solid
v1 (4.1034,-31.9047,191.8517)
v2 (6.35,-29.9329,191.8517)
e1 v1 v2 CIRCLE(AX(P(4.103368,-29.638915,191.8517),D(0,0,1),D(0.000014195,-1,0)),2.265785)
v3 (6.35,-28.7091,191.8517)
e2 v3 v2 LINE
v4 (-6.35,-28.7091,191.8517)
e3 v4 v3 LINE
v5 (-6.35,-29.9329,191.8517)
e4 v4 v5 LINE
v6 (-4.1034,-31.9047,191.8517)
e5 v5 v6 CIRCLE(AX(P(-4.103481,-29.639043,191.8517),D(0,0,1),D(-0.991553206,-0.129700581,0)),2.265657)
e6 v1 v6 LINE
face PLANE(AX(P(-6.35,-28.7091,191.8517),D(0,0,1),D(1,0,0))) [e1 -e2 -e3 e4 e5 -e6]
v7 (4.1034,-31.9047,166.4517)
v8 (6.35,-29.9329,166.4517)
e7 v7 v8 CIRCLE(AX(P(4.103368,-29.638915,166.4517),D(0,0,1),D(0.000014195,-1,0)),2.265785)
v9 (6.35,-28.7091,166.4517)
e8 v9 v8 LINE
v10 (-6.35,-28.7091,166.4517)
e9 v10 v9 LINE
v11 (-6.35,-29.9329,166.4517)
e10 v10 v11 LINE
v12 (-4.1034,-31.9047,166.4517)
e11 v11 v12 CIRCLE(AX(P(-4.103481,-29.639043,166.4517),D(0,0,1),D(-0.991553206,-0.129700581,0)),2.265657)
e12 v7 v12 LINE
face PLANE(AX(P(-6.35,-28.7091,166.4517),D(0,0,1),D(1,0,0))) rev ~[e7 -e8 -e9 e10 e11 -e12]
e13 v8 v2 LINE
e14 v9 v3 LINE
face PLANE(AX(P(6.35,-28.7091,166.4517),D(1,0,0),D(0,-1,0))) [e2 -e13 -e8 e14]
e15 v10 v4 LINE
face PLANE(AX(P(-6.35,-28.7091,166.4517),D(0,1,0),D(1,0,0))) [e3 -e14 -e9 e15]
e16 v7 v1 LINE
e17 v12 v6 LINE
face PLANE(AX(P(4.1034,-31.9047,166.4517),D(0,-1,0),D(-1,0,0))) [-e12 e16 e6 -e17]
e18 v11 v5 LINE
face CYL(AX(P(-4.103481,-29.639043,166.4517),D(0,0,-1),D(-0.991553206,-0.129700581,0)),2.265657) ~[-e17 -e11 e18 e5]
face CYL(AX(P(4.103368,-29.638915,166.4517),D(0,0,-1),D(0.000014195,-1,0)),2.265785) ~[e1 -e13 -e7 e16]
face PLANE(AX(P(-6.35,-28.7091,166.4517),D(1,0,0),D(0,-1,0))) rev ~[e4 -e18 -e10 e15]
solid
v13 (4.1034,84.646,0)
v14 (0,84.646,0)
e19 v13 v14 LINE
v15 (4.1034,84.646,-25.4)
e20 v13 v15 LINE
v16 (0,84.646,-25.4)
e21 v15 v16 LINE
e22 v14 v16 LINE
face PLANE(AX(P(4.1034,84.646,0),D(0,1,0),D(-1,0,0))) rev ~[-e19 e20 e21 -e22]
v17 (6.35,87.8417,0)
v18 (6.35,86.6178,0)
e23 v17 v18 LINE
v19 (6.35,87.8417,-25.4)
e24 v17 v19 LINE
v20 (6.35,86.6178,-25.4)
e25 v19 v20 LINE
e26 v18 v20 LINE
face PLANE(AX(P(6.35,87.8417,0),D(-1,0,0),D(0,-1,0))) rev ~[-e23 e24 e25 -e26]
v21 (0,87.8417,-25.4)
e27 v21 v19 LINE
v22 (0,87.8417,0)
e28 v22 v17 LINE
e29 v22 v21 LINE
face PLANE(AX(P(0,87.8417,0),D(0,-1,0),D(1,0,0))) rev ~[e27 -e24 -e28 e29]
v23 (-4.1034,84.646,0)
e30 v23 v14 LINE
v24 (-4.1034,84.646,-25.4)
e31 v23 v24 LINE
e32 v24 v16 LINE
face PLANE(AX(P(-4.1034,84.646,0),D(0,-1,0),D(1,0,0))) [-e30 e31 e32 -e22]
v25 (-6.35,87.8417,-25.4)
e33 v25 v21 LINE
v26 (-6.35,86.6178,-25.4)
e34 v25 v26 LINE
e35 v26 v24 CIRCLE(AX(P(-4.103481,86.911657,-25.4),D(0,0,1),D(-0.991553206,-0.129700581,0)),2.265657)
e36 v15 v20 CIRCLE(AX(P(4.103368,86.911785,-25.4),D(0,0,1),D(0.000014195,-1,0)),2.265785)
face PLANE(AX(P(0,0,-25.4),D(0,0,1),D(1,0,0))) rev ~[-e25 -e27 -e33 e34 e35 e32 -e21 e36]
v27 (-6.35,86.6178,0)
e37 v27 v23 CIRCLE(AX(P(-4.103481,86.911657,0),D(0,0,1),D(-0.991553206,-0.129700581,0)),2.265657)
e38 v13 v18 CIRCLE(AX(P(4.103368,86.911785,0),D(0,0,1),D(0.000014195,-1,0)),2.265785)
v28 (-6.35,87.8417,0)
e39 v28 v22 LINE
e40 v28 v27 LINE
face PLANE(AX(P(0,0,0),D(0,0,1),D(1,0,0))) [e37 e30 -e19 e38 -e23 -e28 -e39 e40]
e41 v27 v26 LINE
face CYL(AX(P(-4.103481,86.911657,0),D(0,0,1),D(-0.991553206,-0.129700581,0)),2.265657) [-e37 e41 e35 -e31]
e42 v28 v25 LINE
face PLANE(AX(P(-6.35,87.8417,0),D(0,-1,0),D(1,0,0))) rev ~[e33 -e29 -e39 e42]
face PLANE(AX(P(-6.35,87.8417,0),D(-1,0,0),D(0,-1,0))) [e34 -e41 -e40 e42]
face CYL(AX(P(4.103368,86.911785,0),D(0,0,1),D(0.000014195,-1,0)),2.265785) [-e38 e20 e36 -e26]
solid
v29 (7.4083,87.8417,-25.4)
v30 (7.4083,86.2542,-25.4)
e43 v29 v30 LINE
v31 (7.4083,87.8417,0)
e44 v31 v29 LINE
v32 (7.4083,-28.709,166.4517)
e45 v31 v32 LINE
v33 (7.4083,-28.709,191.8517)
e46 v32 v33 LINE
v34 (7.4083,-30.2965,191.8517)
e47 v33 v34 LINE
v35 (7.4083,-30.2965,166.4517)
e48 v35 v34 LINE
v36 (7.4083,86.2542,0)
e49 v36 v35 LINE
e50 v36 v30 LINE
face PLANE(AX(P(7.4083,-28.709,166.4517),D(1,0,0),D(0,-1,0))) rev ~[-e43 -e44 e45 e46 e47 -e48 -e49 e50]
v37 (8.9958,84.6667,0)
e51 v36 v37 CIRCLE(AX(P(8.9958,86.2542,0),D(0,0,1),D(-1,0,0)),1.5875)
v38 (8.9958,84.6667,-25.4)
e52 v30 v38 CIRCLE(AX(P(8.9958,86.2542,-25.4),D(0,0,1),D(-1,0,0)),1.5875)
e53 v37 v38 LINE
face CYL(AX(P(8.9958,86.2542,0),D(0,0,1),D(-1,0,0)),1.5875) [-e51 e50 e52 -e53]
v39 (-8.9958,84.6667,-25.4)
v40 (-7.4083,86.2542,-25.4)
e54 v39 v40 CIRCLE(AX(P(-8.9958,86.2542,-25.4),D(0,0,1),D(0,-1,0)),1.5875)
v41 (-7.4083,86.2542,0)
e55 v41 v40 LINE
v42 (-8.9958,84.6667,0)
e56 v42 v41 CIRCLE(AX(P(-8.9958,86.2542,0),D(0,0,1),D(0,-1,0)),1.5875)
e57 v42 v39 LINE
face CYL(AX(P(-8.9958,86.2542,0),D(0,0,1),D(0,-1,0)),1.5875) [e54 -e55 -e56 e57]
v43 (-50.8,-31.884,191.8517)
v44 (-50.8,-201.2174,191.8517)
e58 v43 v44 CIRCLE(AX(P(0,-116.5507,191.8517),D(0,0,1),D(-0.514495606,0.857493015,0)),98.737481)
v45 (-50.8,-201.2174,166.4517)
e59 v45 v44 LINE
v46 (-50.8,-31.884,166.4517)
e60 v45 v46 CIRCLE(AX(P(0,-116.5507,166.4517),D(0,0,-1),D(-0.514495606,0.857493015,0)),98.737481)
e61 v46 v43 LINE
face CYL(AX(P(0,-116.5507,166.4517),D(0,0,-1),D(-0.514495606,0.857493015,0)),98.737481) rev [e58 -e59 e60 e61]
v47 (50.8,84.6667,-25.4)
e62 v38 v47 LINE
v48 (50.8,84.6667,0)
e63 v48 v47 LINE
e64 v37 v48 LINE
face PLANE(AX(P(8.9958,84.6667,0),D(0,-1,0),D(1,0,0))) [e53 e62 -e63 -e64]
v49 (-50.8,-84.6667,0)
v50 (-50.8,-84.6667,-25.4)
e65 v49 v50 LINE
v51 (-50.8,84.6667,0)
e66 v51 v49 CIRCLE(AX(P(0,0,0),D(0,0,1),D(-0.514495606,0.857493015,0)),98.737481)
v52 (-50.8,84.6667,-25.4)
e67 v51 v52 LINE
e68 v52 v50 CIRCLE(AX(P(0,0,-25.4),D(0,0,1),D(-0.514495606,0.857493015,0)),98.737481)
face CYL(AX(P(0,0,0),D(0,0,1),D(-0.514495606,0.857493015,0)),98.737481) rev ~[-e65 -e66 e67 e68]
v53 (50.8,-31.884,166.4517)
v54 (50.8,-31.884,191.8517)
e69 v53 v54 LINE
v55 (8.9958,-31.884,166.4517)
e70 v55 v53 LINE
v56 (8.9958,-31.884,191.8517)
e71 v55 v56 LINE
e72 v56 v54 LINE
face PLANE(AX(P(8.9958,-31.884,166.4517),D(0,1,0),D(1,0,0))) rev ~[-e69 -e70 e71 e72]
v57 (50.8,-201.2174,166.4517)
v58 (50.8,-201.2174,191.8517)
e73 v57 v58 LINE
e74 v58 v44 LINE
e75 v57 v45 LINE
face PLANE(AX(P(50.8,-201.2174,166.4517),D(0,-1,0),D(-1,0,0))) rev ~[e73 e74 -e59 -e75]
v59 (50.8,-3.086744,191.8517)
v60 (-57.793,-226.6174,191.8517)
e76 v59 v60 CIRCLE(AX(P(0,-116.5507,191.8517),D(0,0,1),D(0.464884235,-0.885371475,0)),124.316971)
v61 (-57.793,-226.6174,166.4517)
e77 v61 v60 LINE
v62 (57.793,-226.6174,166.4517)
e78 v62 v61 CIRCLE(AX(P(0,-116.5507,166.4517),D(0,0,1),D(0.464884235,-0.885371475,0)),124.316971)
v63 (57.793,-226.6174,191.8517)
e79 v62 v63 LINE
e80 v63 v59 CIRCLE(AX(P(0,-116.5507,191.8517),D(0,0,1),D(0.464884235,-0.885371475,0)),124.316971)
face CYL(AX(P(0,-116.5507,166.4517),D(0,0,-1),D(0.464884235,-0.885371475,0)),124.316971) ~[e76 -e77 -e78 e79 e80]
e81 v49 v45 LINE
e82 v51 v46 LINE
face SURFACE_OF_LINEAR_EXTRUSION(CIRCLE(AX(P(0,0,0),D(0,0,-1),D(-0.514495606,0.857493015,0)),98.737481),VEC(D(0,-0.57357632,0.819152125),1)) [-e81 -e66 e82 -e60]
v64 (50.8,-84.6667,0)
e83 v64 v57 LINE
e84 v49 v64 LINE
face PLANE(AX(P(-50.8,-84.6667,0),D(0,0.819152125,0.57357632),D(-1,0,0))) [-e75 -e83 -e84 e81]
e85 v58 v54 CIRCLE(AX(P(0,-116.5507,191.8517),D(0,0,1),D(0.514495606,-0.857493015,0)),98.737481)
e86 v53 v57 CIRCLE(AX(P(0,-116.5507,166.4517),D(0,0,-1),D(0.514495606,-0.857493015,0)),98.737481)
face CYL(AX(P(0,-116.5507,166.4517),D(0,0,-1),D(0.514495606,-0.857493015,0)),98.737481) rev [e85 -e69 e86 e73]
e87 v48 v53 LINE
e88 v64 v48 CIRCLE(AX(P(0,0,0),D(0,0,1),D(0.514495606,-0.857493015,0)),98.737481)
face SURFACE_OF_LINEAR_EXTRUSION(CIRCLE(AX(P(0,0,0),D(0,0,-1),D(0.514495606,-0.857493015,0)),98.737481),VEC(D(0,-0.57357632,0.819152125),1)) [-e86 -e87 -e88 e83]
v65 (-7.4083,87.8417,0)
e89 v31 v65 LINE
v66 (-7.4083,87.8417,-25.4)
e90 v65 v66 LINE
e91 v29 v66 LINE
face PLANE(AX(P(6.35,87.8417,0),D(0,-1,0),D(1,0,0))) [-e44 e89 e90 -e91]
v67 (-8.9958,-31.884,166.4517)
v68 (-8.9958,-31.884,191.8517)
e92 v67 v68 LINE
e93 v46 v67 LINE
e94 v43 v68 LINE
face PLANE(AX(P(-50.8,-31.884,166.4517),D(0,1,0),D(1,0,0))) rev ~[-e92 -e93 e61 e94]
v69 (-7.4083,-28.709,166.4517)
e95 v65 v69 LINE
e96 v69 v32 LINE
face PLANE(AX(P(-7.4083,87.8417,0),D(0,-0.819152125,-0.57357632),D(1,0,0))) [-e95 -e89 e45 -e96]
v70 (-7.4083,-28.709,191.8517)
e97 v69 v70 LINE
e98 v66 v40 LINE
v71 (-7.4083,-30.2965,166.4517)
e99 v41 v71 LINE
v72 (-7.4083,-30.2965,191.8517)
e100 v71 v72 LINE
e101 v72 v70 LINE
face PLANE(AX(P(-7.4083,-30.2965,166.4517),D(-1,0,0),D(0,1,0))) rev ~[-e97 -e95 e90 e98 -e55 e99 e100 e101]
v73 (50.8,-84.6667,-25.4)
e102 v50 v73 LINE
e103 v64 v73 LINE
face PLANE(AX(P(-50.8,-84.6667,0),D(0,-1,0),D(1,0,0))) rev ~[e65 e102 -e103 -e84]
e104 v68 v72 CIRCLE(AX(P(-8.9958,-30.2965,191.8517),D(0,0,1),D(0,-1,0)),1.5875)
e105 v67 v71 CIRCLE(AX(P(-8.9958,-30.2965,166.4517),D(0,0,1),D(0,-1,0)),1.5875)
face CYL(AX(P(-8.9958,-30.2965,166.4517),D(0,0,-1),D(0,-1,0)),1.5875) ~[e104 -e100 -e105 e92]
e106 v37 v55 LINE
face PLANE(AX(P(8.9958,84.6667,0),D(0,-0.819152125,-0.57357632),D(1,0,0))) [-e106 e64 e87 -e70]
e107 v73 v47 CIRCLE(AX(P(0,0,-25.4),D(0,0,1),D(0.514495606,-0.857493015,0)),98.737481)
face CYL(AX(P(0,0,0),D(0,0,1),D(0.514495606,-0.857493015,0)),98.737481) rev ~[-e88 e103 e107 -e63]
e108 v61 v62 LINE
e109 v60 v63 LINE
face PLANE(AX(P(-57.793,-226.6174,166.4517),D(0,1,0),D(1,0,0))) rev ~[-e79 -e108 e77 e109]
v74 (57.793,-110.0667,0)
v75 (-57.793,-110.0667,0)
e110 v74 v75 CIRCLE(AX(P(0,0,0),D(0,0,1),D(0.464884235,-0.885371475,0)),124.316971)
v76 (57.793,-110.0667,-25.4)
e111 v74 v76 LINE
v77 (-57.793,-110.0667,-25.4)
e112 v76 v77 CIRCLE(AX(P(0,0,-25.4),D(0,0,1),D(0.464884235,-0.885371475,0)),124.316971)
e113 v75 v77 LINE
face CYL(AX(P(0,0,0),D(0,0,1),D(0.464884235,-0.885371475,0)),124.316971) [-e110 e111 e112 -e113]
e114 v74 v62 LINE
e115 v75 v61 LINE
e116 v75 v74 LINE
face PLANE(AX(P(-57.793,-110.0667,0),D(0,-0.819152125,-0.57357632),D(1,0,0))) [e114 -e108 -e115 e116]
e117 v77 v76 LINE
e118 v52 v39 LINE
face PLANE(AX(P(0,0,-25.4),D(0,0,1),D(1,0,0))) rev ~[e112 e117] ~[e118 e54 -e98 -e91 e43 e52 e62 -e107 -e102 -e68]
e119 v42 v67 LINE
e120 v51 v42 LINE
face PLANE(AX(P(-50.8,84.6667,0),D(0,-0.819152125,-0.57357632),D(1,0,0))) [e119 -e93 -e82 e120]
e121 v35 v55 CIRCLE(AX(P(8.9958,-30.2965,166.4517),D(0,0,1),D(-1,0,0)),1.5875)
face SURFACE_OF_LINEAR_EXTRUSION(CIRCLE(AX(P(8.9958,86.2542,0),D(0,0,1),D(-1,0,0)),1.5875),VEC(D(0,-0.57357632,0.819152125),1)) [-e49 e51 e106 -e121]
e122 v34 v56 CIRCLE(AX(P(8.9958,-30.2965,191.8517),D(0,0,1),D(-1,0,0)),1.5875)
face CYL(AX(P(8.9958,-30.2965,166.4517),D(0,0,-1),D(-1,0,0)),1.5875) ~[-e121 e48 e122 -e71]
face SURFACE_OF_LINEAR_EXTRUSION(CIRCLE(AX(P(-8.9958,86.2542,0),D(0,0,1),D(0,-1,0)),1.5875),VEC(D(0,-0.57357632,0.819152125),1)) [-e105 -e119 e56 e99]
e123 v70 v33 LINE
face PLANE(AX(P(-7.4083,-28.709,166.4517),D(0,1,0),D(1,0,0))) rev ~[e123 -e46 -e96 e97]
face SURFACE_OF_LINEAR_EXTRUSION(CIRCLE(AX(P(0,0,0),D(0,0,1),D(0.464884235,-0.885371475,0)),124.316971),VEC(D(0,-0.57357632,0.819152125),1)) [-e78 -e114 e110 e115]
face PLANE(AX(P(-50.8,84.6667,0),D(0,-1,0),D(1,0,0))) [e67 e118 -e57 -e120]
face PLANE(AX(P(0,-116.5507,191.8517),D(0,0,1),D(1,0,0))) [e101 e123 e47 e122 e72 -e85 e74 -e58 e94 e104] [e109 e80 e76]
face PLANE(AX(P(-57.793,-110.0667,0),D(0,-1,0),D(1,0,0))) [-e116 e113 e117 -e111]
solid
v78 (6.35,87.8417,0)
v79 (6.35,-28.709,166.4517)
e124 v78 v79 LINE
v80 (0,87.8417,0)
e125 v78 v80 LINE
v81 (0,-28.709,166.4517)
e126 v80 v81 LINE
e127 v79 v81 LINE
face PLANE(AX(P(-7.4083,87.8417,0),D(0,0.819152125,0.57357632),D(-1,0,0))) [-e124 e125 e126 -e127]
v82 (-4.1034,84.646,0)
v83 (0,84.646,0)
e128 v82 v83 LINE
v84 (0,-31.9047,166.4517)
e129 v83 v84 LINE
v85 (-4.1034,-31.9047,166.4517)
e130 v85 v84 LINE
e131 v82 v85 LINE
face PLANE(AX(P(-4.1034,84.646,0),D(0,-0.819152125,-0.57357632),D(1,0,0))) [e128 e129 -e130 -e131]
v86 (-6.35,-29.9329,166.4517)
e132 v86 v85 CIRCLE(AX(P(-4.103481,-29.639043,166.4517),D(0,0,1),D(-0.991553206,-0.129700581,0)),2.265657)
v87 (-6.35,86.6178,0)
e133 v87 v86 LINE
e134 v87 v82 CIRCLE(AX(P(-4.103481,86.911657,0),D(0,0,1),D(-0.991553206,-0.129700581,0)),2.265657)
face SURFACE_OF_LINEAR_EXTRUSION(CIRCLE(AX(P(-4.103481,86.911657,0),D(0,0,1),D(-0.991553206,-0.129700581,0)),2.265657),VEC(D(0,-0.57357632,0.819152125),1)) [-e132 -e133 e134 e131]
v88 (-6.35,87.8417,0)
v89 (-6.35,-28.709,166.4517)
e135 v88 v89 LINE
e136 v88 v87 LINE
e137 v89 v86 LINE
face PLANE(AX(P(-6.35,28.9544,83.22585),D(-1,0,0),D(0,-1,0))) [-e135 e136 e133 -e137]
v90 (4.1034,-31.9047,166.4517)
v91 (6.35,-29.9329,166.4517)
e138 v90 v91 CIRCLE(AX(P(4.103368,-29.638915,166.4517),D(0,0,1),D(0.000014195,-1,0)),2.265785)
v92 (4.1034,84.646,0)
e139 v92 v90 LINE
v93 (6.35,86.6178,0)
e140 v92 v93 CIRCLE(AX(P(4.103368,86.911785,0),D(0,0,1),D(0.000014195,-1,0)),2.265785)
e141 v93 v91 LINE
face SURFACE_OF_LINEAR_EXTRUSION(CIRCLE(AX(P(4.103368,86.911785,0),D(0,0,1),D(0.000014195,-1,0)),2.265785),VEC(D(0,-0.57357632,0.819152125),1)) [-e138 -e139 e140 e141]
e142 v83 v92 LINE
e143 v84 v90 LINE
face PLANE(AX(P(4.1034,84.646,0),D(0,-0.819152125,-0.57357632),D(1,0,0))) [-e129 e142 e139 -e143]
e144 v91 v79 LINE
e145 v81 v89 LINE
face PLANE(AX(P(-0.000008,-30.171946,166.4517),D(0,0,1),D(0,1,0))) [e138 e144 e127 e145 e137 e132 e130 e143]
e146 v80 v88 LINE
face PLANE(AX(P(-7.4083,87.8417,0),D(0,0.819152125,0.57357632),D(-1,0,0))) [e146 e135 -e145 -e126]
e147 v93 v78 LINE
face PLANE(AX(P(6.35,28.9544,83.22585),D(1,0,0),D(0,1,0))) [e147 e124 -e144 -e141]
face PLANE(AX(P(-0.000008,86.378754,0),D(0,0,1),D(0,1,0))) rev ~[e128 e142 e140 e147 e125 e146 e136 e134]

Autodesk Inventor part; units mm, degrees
ref_plane "YZ Plane" through (0, 0, 0) normal (1, 0, 0) x (0, 1, 0)
ref_plane "XZ Plane" through (0, 0, 0) normal (0, 1, 0) x (-1, 0, 0)
sketch "Sketch1" plane through (0, 0, 0) normal (0, 0, 1) x (1, 0, 0)
  line L0 (-50.8, -84.6667) -> (50.8, -84.6667)
  arc A0 (57.793, -110.0667) -> (-57.793, -110.0667) centre (0, 0) ccw
  arc A1 (-50.8, 84.6667) -> (-50.8, -84.6667) centre (0, 0) ccw
  arc A2 (50.8, -84.6667) -> (50.8, 84.6667) centre (0, 0) ccw
  line L1 (-57.793, -110.0667) -> (57.793, -110.0667)
  line L2 (0, 84.6667) -> (0, 87.8417) construction
  line L3 (-7.4083, 87.8417) -> (7.4083, 87.8417)
  line L4 (-7.4083, 87.8417) -> (-7.4083, 86.2542)
  line L5 (7.4083, 87.8417) -> (7.4083, 86.2542)
  line L6 (0, 84.6667) -> (8.9958, 84.6667) construction
  arc A3 (7.4083, 86.2542) -> (8.9958, 84.6667) centre (8.9958, 86.2542) ccw
  arc A4 (-8.9958, 84.6667) -> (-7.4083, 86.2542) centre (-8.9958, 86.2542) ccw
  line L7 (-50.8, 84.6667) -> (-8.9958, 84.6667)
  line L8 (8.9958, 84.6667) -> (50.8, 84.6667)
  line L9 (0, 84.6667) -> (-8.9958, 84.6667) construction
  line L10 (-6.35, 87.8417) -> (0, 87.8417)
  line L11 (7.4083, 87.8417) -> (-7.4083, 87.8417)
  line L12 (-6.35, 87.8417) -> (-6.35, 86.6178)
  line L13 (-4.1034, 84.646) -> (0, 84.646)
  line L14 (0, 84.646) -> (0, 87.8417) construction
  line L15 (-6.3485, 84.6667) -> (-3.1743, 87.8409) construction
  arc A5 (-3.1736, 84.646) -> (-6.35, 87.8417) centre (-6.3485, 84.6667) ccw construction
  arc A6 (-6.35, 86.6178) -> (-4.1034, 84.646) centre (-4.1034, 86.9117) ccw
  line L16 (6.35, 87.8417) -> (0, 87.8417)
  line L17 (6.35, 87.8417) -> (6.35, 86.6178)
  line L18 (4.1034, 84.646) -> (0, 84.646)
  line L19 (6.3485, 84.6667) -> (3.1743, 87.8409) construction
  arc A7 (6.35, 87.8417) -> (3.1736, 84.646) centre (6.3485, 84.6667) ccw construction
  arc A8 (4.1034, 84.646) -> (6.35, 86.6178) centre (4.1034, 86.9117) ccw
  line L20 (6.35, 87.8417) -> (-6.35, 87.8417)
  dimension "d1" = 101.6
  dimension "d2" = 25.4
  dimension "d34" = 14.8167
  dimension "d35" = 1.5875
  dimension "d36" = 1.5875
  dimension "d38" = 6.35
  dimension "d39" = 3.175
  dimension "d40" = 45
  dimension "d41" = 2.2657
  dimension "d42" = 2.2466
extrude "connection top" add sketch "Sketch1" against normal blind 25.4
extrude "light flat top" add sketch "Sketch1" against normal up to surface (25.4 mm away) separate body contours L3 L17 A8 L18 L13 A6 L12
ref_plane "Work Plane2" through (0, 0, 203.2) normal (0, 0, 1) x (1, 0, 0)
sketch "Sketch6" plane through (0, 0, 0) normal (1, 0, 0) x (0, 1, 0)
  line L0 (-110.0667, 0) -> (124.3169, 0) projected
  line L1 (-83.4784, 0) -> (-200.0291, 166.4517)
  point P0 (0, 0)
  dimension "d28" = 203.2
  dimension "d29" = 55
sweep "ramp" add profiles "Sketch1" path "Sketch6" bodies 1 path curves L1
sweep "light angle" add profiles "Sketch1" path "Sketch6" separate body path curves L1 contours L3 L17 A8 L18 L13 A6 L12
sketch "Sketch8" plane through (0, -116.5507, 166.4517) normal (0, 0, 1) x (1, 0, 0)
  arc A0 (-50.8, 84.6667) -> (-50.8, -84.6667) centre (0, 0) ccw projected
  line L0 (-50.8, 84.6667) -> (-8.9958, 84.6667) projected
  line L1 (-50.8, 84.6667) -> (-8.9958, 84.6667)
  arc A1 (-8.9958, 84.6667) -> (-7.4083, 86.2542) centre (-8.9958, 86.2542) ccw projected
  line L2 (-7.4083, 87.8417) -> (7.4083, 87.8417) projected
  line L3 (-7.4083, 86.2542) -> (-7.4083, 87.8417)
  line L4 (7.4083, 87.8417) -> (7.4083, 86.2542) projected
  line L5 (-7.4083, 87.8417) -> (7.4083, 87.8417)
  line L6 (7.4083, 87.8417) -> (7.4083, 86.2542)
  arc A2 (7.4083, 86.2542) -> (8.9958, 84.6667) centre (8.9958, 86.2542) ccw projected
  line L7 (50.8, 201.2174) -> (50.8, 84.6667) projected
  line L8 (8.9958, 84.6667) -> (50.8, 84.6667)
  arc A3 (50.8, -84.6667) -> (50.8, 84.6667) centre (0, 0) ccw projected
  line L9 (50.8, -84.6667) -> (-50.8, -84.6667) projected
  line L10 (-50.8, -84.6667) -> (50.8, -84.6667)
  arc A4 (-8.9958, 84.6667) -> (-7.4083, 86.2542) centre (-8.9958, 86.2542) ccw
  arc A5 (7.4083, 86.2542) -> (8.9958, 84.6667) centre (8.9958, 86.2542) ccw
  arc A6 (-50.8, 84.6667) -> (-50.8, -84.6667) centre (0, 0) ccw
  arc A7 (50.8, -84.6667) -> (50.8, 84.6667) centre (0, 0) ccw
  arc A8 (57.793, -110.0667) -> (-57.793, -110.0667) centre (0, 0) ccw projected
  arc A9 (57.793, -110.0667) -> (-57.793, -110.0667) centre (0, 0) ccw
  line L11 (-57.793, -110.0667) -> (57.793, -110.0667) projected
  line L12 (-57.793, -110.0667) -> (57.793, -110.0667)
  point P0 (0, 116.5507)
extrude "connection bottom" add sketch "Sketch8" along normal blind 25.4 bodies 1
sketch "Sketch9" plane through (-6.35, -28.7091, 166.4517) normal (0, 0, 1) x (1, 0, 0)
  line L0 (0, 0) -> (0, -1.2238) projected
  line L1 (0, 0) -> (12.7, 0)
  line L2 (12.7, 115.3269) -> (12.7, -1.2238) projected
  arc A0 (10.4534, -3.1956) -> (12.7, -1.2238) centre (10.4534, -0.9299) ccw projected
  line L3 (12.7, -1.2238) -> (12.7, 0)
  arc A1 (0, -1.2238) -> (2.2466, -3.1956) centre (2.2466, -0.9299) ccw projected
  line L4 (10.4534, -3.1956) -> (2.2466, -3.1956)
  line L5 (0, -1.2238) -> (0, 0)
  line L6 (2.2466, -3.1956) -> (10.4534, -3.1956) projected
  arc A2 (0, -1.2238) -> (2.2466, -3.1956) centre (2.2466, -0.9299) ccw
  arc A3 (10.4534, -3.1956) -> (12.7, -1.2238) centre (10.4534, -0.9299) ccw
  point P0 (6.35, 28.7091)
extrude "light flat bottom" add sketch "Sketch9" along normal blind 25.4 separate body
equation "\"d35\" = 0.5 * d37"
equation "\"d37\" = 3.175"
properties part number "ramp connect both ends"
